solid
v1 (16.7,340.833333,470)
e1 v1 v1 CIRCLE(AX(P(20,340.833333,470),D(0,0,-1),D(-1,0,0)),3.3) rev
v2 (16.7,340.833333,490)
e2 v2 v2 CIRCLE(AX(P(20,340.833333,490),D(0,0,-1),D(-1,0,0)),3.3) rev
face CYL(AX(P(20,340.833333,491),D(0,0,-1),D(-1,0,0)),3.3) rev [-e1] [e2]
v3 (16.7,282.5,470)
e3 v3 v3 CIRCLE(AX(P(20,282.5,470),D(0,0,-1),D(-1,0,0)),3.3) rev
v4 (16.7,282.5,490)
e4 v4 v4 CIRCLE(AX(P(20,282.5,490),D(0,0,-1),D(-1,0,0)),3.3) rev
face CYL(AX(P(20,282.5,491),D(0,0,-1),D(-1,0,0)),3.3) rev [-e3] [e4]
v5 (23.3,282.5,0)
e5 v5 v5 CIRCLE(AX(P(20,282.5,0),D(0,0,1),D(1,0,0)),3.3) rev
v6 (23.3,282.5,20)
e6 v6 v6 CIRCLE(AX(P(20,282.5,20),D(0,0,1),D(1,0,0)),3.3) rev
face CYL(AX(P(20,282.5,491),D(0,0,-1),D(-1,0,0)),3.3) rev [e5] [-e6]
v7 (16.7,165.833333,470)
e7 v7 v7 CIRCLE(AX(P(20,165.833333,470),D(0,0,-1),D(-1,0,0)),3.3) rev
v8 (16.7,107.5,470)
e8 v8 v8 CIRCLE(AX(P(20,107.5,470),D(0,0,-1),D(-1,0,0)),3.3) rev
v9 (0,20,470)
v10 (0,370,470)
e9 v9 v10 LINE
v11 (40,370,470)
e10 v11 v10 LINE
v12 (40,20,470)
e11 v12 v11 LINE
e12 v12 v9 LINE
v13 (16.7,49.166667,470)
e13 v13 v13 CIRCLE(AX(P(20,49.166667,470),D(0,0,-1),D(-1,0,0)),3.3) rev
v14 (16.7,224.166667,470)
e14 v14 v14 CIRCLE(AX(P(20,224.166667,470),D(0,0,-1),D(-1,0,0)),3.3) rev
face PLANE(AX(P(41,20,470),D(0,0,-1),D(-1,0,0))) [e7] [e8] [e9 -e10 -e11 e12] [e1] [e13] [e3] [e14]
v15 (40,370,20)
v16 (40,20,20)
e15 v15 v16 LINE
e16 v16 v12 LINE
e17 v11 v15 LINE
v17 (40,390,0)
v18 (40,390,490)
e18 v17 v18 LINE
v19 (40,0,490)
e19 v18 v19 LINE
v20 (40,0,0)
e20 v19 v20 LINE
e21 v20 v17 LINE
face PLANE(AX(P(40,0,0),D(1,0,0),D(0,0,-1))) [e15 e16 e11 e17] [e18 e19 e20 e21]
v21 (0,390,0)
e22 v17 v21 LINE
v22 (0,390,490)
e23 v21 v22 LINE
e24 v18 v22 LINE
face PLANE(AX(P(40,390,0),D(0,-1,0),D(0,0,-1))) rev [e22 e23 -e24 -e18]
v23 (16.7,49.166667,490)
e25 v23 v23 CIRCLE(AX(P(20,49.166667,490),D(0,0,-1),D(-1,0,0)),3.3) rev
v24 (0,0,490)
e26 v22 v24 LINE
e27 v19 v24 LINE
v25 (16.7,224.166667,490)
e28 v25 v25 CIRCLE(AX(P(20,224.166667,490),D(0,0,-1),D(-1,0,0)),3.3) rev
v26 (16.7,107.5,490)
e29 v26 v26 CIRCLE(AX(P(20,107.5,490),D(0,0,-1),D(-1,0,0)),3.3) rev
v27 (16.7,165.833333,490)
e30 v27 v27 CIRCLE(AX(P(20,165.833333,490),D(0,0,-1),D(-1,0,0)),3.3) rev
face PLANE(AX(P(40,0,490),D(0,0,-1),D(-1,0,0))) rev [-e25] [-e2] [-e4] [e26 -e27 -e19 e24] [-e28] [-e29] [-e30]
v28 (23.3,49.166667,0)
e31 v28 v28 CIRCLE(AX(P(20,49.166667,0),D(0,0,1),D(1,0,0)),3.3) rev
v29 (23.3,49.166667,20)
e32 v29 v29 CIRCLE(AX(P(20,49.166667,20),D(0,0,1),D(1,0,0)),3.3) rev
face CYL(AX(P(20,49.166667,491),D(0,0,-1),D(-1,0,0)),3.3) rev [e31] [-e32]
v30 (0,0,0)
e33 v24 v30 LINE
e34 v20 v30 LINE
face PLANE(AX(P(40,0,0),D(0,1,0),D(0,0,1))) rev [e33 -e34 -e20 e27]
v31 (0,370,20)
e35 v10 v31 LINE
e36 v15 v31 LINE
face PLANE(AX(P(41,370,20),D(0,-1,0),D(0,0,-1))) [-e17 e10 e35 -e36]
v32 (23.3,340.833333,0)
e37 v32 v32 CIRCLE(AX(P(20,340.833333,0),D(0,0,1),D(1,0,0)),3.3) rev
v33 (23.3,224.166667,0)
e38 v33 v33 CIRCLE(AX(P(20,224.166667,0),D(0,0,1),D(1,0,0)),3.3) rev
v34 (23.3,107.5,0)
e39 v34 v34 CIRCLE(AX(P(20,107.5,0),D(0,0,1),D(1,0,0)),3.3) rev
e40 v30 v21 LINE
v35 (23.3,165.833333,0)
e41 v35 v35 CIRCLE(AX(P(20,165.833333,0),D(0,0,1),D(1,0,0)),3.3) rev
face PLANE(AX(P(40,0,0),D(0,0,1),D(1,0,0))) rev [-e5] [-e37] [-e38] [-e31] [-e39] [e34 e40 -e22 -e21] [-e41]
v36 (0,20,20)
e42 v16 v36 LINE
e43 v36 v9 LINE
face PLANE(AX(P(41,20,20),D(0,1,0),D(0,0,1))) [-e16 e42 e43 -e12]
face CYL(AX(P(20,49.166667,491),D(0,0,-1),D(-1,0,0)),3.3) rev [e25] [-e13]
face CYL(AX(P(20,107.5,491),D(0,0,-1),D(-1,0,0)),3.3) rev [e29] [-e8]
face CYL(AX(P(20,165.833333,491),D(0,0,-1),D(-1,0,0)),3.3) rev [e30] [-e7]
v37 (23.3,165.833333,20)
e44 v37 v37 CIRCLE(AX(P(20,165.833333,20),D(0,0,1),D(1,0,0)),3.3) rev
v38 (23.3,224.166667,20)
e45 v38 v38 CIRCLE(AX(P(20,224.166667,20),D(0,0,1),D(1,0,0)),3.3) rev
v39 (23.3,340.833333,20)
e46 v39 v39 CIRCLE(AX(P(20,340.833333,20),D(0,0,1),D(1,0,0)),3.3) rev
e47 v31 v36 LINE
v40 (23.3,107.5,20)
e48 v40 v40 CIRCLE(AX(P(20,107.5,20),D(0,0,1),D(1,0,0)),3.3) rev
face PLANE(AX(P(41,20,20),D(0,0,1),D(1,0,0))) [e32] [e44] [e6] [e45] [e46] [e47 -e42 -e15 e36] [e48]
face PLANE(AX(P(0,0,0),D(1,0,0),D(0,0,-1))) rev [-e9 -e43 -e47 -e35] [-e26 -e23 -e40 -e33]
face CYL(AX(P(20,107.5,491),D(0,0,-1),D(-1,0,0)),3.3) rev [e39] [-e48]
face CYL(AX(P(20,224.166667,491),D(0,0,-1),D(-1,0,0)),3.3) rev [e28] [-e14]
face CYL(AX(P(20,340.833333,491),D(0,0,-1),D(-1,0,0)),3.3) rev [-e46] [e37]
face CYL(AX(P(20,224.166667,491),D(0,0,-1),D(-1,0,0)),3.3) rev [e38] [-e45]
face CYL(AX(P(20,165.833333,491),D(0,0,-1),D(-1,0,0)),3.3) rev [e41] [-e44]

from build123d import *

# Parameters (mm, degrees)
SKETCH1_W     = 490
SKETCH1_H     = 390
FRAME_DEPTH   = 40
OPENING_START = -1
SKETCH2_W     = 450
SKETCH2_H     = 350
OPENING_DEPTH = 42
PIVOT_0_START = -1
SKETCH3_R     = 3.3
PIVOT_0_DEPTH = 492
PIVOT_1_START = -1
SKETCH4_R     = 3.3
PIVOT_1_DEPTH = 492
PIVOT_2_START = -1
SKETCH5_R     = 3.3
PIVOT_2_DEPTH = 492
PIVOT_3_START = -1
SKETCH6_R     = 3.3
PIVOT_3_DEPTH = 492
PIVOT_4_START = -1
SKETCH7_R     = 3.3
PIVOT_4_DEPTH = 492
PIVOT_5_START = -1
SKETCH8_R     = 3.3
PIVOT_5_DEPTH = 492


with BuildPart() as part:
    # Sketch1 → frame (new body)
    with BuildSketch(Plane(origin=(0, 0, 0), x_dir=(0, 0, -1), z_dir=(1, 0, 0))):
        with Locations((-245, 195)):
            Rectangle(SKETCH1_W, SKETCH1_H)
    extrude(amount=FRAME_DEPTH)


with BuildPart() as body_2:
    # Sketch2 → opening (new body)
    with BuildSketch(Plane(origin=(0, 0, 0), x_dir=(0, 0, -1), z_dir=(1, 0, 0)).offset(OPENING_START)):
        with Locations((-245, 195)):
            Rectangle(SKETCH2_W, SKETCH2_H)
    extrude(amount=OPENING_DEPTH)


with BuildPart() as part_1:
    add(part.part)

    # Combine1: cut body 2
    add(body_2.part, mode=Mode.SUBTRACT)


with BuildPart() as body_2_2:
    # Sketch3 → pivot_0 (new body)
    with BuildSketch(Plane.XY.offset(PIVOT_0_START)):
        with Locations((20, 49.166666667)):
            Circle(SKETCH3_R)
    extrude(amount=PIVOT_0_DEPTH)


with BuildPart() as part_2:
    add(part_1.part)

    # Combine2: cut body 2 2
    add(body_2_2.part, mode=Mode.SUBTRACT)


with BuildPart() as body_2_3:
    # Sketch4 → pivot_1 (new body)
    with BuildSketch(Plane.XY.offset(PIVOT_1_START)):
        with Locations((20, 107.5)):
            Circle(SKETCH4_R)
    extrude(amount=PIVOT_1_DEPTH)


with BuildPart() as part_3:
    add(part_2.part)

    # Combine3: cut body 2 3
    add(body_2_3.part, mode=Mode.SUBTRACT)


with BuildPart() as body_2_4:
    # Sketch5 → pivot_2 (new body)
    with BuildSketch(Plane.XY.offset(PIVOT_2_START)):
        with Locations((20, 165.833333333)):
            Circle(SKETCH5_R)
    extrude(amount=PIVOT_2_DEPTH)


with BuildPart() as part_4:
    add(part_3.part)

    # Combine4: cut body 2 4
    add(body_2_4.part, mode=Mode.SUBTRACT)


with BuildPart() as body_2_5:
    # Sketch6 → pivot_3 (new body)
    with BuildSketch(Plane.XY.offset(PIVOT_3_START)):
        with Locations((20, 224.166666667)):
            Circle(SKETCH6_R)
    extrude(amount=PIVOT_3_DEPTH)


with BuildPart() as part_5:
    add(part_4.part)

    # Combine5: cut body 2 5
    add(body_2_5.part, mode=Mode.SUBTRACT)


with BuildPart() as body_2_6:
    # Sketch7 → pivot_4 (new body)
    with BuildSketch(Plane.XY.offset(PIVOT_4_START)):
        with Locations((20, 282.5)):
            Circle(SKETCH7_R)
    extrude(amount=PIVOT_4_DEPTH)


with BuildPart() as part_6:
    add(part_5.part)

    # Combine6: cut body 2 6
    add(body_2_6.part, mode=Mode.SUBTRACT)


with BuildPart() as body_2_7:
    # Sketch8 → pivot_5 (new body)
    with BuildSketch(Plane.XY.offset(PIVOT_5_START)):
        with Locations((20, 340.833333333)):
            Circle(SKETCH8_R)
    extrude(amount=PIVOT_5_DEPTH)


with BuildPart() as part_7:
    add(part_6.part)

    # Combine7: cut body 2 7
    add(body_2_7.part, mode=Mode.SUBTRACT)


solid = part_7.part
